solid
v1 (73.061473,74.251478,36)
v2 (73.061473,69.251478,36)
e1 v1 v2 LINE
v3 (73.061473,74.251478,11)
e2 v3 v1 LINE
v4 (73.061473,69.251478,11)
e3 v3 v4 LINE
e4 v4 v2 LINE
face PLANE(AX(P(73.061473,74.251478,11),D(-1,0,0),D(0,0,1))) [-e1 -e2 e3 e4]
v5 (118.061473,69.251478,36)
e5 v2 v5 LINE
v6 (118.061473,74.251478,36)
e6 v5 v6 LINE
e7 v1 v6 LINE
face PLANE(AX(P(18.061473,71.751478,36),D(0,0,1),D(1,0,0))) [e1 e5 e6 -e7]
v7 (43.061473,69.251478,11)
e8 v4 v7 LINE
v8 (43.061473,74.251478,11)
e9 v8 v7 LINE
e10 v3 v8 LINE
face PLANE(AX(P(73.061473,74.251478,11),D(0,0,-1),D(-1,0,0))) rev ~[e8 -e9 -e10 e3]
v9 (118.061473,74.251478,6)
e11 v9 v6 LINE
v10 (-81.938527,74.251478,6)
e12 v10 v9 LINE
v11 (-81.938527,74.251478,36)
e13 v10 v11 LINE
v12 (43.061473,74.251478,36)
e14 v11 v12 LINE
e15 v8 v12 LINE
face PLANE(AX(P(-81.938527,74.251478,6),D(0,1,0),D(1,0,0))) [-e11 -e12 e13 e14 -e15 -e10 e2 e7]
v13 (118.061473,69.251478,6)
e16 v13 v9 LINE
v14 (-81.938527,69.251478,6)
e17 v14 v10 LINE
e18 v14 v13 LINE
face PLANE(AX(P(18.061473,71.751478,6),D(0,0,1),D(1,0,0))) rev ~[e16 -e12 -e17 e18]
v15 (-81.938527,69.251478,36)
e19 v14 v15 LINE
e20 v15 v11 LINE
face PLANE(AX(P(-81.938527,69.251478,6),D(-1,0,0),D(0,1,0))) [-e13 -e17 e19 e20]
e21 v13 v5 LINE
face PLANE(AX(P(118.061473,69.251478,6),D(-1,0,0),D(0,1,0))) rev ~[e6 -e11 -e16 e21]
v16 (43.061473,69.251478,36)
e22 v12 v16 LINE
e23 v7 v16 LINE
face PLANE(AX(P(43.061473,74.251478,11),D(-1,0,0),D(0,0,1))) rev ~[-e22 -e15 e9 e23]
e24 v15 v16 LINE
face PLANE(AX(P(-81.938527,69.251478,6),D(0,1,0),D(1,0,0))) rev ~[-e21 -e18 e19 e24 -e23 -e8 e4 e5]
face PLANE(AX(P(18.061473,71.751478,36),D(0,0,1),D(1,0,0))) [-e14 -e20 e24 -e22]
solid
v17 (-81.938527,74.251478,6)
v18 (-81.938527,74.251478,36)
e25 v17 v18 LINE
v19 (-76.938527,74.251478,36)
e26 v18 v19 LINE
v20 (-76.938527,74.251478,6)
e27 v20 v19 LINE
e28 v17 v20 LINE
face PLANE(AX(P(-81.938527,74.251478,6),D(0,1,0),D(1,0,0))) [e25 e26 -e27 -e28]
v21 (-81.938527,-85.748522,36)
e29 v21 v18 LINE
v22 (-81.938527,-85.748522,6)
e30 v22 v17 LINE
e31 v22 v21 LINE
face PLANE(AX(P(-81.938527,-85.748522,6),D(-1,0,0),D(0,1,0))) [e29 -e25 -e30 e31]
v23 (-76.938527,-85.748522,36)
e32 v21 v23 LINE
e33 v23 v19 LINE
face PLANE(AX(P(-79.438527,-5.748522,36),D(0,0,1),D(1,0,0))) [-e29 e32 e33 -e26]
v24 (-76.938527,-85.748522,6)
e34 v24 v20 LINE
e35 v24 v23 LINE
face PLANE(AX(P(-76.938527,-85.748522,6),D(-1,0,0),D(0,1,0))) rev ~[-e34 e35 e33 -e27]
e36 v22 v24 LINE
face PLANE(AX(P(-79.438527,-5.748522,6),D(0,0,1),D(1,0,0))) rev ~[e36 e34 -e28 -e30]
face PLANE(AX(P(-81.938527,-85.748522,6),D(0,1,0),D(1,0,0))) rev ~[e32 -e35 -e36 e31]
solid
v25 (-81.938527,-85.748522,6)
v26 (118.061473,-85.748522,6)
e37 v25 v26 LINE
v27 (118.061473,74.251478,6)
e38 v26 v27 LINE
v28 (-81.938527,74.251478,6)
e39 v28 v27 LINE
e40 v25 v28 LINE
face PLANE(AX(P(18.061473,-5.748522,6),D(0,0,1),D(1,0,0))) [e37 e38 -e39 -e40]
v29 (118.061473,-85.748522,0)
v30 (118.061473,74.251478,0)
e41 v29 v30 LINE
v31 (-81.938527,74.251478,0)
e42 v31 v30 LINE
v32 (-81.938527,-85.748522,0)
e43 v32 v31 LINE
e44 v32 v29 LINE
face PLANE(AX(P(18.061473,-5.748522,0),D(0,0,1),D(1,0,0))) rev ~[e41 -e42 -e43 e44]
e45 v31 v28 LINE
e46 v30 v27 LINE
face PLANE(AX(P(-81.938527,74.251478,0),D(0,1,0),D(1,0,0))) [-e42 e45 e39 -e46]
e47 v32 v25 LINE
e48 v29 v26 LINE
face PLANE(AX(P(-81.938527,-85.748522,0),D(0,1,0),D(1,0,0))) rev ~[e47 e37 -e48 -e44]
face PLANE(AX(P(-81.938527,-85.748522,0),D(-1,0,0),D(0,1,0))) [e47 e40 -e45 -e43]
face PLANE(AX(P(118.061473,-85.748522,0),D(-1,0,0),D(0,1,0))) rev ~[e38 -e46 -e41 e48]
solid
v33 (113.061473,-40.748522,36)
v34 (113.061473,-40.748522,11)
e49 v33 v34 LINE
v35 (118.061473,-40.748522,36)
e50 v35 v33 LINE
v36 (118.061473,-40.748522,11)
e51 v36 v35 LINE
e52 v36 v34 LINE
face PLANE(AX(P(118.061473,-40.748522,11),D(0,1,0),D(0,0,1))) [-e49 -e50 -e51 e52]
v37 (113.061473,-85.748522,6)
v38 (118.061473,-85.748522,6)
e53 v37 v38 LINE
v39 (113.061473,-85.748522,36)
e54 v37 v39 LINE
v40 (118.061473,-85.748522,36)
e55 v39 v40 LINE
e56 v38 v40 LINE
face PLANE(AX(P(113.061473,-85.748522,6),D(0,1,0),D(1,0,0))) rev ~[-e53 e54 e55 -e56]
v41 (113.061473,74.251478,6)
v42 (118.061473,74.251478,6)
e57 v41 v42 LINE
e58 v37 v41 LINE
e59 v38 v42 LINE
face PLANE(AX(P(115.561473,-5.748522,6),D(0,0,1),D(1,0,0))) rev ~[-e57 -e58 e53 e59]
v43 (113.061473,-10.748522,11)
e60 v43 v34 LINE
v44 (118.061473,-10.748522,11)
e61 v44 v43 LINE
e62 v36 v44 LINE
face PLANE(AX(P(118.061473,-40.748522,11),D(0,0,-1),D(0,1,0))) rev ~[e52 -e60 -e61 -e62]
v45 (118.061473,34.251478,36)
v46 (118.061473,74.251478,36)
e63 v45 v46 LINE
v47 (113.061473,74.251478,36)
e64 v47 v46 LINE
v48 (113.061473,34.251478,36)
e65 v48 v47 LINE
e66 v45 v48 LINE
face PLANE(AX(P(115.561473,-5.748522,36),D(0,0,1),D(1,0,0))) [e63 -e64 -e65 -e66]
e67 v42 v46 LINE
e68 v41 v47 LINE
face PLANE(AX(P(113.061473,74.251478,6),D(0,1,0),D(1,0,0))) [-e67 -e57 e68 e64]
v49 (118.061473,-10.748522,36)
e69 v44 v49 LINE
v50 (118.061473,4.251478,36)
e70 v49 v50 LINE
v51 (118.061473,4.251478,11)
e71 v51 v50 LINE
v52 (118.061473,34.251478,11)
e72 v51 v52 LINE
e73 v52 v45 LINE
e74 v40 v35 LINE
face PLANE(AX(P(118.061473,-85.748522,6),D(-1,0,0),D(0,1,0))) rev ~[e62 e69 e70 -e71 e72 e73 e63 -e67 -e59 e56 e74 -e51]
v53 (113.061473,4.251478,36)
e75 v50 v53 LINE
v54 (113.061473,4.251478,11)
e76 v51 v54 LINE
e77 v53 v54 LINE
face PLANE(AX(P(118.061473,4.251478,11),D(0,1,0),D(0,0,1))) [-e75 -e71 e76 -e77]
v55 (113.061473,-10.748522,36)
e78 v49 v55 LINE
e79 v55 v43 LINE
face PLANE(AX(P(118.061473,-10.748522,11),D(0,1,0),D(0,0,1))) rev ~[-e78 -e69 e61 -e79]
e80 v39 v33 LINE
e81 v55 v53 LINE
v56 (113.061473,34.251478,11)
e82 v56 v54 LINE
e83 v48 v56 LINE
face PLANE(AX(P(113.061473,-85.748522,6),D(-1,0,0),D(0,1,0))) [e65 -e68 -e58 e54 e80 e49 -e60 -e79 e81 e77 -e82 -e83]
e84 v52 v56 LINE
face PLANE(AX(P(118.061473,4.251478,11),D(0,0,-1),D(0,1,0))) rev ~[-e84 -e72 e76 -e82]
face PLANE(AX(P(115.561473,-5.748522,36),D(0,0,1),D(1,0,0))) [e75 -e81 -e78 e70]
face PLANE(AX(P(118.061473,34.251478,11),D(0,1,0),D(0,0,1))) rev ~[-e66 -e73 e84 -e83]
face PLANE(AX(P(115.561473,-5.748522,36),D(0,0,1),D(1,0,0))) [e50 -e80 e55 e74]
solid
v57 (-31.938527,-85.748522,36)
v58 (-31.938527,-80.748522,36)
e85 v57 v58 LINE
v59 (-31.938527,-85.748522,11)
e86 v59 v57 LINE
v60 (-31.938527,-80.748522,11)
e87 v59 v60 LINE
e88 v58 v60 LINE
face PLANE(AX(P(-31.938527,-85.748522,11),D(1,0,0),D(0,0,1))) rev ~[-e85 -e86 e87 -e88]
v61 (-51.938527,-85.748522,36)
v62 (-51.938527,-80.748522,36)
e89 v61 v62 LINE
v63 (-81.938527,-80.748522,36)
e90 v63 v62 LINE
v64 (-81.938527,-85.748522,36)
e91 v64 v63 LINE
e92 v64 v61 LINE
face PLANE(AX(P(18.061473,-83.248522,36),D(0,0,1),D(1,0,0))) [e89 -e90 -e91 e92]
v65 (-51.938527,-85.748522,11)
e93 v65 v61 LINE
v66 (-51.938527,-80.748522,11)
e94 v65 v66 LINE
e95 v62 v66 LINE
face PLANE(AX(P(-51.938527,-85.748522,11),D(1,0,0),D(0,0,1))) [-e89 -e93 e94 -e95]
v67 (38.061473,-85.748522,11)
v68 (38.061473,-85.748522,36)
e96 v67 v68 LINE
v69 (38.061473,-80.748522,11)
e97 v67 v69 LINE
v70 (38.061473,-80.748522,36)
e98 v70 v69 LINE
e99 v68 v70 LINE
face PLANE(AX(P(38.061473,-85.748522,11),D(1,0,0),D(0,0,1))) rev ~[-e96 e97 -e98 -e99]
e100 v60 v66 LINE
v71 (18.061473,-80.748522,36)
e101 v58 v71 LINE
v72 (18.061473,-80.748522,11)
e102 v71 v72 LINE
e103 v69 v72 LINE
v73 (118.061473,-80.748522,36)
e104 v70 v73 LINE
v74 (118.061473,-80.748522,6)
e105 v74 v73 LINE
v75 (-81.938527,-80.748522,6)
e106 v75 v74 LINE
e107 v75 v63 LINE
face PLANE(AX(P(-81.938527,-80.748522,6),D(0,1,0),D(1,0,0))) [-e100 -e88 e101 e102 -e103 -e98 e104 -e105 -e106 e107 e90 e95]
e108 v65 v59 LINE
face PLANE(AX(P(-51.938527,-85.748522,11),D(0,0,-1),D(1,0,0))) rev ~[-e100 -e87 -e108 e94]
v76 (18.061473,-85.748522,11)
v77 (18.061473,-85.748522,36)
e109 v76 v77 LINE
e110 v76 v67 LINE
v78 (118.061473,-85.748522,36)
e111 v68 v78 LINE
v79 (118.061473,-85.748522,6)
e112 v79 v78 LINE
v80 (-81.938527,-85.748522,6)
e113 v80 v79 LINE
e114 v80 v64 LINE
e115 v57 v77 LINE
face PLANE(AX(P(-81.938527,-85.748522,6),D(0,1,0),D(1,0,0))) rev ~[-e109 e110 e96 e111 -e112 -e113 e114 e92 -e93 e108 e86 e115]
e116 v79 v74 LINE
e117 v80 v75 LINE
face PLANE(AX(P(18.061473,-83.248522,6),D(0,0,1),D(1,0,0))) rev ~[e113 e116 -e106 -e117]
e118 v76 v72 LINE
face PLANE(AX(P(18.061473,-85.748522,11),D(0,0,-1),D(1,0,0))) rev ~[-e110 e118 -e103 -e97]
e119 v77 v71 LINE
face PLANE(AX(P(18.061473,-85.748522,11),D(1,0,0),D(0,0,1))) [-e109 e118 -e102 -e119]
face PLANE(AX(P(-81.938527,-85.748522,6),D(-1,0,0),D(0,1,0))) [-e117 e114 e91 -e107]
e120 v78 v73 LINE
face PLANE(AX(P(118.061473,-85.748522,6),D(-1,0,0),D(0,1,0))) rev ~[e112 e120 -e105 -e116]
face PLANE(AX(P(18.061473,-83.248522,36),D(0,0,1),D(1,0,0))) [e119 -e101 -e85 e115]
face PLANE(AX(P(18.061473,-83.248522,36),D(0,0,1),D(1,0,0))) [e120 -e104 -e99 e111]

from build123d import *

# Parameters (mm, degrees)
F0_W      = 200
F0_H      = 160
F1_DEPTH  = 6
F2_W      = 200
F2_H      = 5
F3_DEPTH  = 30
F4_W      = 5
F4_H      = 160
F5_DEPTH  = 30
F6_W      = 200
F6_H      = 5
F7_DEPTH  = 30
F8_W      = 20
F8_H      = 25
F9_DEPTH  = 25
F10_W     = 20
F10_H     = 25
F11_DEPTH = 25
F12_W     = 5
F12_H     = 160
F13_DEPTH = 30
F14_W     = 30
F14_H     = 25
F15_DEPTH = 25
F16_W     = 30
F16_H     = 25
F17_DEPTH = 25
F18_W     = 30
F18_H     = 25
F19_DEPTH = 25


with BuildPart() as f1:
    # F0 (on Top) → F1 (new body)
    with BuildSketch(Plane.XY):
        with Locations((18.061473, -5.748522)):
            Rectangle(F0_W, F0_H)
    extrude(amount=F1_DEPTH)


with BuildPart() as f3:
    # F2 (on face) → F3 (new body)
    with BuildSketch(Plane.XY.offset(6)):
        with Locations((18.061473, 71.751478)):
            Rectangle(F2_W, F2_H)
    extrude(amount=F3_DEPTH)

    # F18 (on face) → F19 (cut)
    with BuildSketch(Plane(origin=(0, 74.251478, 0), x_dir=(-1, 0, 0), z_dir=(0, 1, 0))):
        with Locations((-58.061473, 23.5)):
            Rectangle(F18_W, F18_H)
    extrude(amount=-F19_DEPTH, mode=Mode.SUBTRACT)


with BuildPart() as f5:
    # F4 (on face) → F5 (new body)
    with BuildSketch(Plane.XY.offset(6)):
        with Locations((-79.438527, -5.748522)):
            Rectangle(F4_W, F4_H)
    extrude(amount=F5_DEPTH)


with BuildPart() as f7:
    # F6 (on face) → F7 (new body)
    with BuildSketch(Plane.XY.offset(6)):
        with Locations((18.061473, -83.248522)):
            Rectangle(F6_W, F6_H)
    extrude(amount=F7_DEPTH)

    # F8 (on face) → F9 (cut)
    with BuildSketch(Plane.XZ.offset(85.748522)):
        with Locations((-41.938527, 23.5)):
            Rectangle(F8_W, F8_H)
    extrude(amount=-F9_DEPTH, mode=Mode.SUBTRACT)

    # F10 (on face) → F11 (cut)
    with BuildSketch(Plane.XZ.offset(85.748522)):
        with Locations((28.061473, 23.5)):
            Rectangle(F10_W, F10_H)
    extrude(amount=-F11_DEPTH, mode=Mode.SUBTRACT)


with BuildPart() as f13:
    # F12 (on face) → F13 (new body)
    with BuildSketch(Plane.XY.offset(6)):
        with Locations((115.561473, -5.748522)):
            Rectangle(F12_W, F12_H)
    extrude(amount=F13_DEPTH)

    # F14 (on face) → F15 (cut)
    with BuildSketch(Plane.YZ.offset(118.061473)):
        with Locations((-25.748522, 23.5)):
            Rectangle(F14_W, F14_H)
    extrude(amount=-F15_DEPTH, mode=Mode.SUBTRACT)

    # F16 (on face) → F17 (cut)
    with BuildSketch(Plane.YZ.offset(118.061473)):
        with Locations((19.251478, 23.5)):
            Rectangle(F16_W, F16_H)
    extrude(amount=-F17_DEPTH, mode=Mode.SUBTRACT)


solid = Compound([f1.part, f3.part, f5.part, f7.part, f13.part])
